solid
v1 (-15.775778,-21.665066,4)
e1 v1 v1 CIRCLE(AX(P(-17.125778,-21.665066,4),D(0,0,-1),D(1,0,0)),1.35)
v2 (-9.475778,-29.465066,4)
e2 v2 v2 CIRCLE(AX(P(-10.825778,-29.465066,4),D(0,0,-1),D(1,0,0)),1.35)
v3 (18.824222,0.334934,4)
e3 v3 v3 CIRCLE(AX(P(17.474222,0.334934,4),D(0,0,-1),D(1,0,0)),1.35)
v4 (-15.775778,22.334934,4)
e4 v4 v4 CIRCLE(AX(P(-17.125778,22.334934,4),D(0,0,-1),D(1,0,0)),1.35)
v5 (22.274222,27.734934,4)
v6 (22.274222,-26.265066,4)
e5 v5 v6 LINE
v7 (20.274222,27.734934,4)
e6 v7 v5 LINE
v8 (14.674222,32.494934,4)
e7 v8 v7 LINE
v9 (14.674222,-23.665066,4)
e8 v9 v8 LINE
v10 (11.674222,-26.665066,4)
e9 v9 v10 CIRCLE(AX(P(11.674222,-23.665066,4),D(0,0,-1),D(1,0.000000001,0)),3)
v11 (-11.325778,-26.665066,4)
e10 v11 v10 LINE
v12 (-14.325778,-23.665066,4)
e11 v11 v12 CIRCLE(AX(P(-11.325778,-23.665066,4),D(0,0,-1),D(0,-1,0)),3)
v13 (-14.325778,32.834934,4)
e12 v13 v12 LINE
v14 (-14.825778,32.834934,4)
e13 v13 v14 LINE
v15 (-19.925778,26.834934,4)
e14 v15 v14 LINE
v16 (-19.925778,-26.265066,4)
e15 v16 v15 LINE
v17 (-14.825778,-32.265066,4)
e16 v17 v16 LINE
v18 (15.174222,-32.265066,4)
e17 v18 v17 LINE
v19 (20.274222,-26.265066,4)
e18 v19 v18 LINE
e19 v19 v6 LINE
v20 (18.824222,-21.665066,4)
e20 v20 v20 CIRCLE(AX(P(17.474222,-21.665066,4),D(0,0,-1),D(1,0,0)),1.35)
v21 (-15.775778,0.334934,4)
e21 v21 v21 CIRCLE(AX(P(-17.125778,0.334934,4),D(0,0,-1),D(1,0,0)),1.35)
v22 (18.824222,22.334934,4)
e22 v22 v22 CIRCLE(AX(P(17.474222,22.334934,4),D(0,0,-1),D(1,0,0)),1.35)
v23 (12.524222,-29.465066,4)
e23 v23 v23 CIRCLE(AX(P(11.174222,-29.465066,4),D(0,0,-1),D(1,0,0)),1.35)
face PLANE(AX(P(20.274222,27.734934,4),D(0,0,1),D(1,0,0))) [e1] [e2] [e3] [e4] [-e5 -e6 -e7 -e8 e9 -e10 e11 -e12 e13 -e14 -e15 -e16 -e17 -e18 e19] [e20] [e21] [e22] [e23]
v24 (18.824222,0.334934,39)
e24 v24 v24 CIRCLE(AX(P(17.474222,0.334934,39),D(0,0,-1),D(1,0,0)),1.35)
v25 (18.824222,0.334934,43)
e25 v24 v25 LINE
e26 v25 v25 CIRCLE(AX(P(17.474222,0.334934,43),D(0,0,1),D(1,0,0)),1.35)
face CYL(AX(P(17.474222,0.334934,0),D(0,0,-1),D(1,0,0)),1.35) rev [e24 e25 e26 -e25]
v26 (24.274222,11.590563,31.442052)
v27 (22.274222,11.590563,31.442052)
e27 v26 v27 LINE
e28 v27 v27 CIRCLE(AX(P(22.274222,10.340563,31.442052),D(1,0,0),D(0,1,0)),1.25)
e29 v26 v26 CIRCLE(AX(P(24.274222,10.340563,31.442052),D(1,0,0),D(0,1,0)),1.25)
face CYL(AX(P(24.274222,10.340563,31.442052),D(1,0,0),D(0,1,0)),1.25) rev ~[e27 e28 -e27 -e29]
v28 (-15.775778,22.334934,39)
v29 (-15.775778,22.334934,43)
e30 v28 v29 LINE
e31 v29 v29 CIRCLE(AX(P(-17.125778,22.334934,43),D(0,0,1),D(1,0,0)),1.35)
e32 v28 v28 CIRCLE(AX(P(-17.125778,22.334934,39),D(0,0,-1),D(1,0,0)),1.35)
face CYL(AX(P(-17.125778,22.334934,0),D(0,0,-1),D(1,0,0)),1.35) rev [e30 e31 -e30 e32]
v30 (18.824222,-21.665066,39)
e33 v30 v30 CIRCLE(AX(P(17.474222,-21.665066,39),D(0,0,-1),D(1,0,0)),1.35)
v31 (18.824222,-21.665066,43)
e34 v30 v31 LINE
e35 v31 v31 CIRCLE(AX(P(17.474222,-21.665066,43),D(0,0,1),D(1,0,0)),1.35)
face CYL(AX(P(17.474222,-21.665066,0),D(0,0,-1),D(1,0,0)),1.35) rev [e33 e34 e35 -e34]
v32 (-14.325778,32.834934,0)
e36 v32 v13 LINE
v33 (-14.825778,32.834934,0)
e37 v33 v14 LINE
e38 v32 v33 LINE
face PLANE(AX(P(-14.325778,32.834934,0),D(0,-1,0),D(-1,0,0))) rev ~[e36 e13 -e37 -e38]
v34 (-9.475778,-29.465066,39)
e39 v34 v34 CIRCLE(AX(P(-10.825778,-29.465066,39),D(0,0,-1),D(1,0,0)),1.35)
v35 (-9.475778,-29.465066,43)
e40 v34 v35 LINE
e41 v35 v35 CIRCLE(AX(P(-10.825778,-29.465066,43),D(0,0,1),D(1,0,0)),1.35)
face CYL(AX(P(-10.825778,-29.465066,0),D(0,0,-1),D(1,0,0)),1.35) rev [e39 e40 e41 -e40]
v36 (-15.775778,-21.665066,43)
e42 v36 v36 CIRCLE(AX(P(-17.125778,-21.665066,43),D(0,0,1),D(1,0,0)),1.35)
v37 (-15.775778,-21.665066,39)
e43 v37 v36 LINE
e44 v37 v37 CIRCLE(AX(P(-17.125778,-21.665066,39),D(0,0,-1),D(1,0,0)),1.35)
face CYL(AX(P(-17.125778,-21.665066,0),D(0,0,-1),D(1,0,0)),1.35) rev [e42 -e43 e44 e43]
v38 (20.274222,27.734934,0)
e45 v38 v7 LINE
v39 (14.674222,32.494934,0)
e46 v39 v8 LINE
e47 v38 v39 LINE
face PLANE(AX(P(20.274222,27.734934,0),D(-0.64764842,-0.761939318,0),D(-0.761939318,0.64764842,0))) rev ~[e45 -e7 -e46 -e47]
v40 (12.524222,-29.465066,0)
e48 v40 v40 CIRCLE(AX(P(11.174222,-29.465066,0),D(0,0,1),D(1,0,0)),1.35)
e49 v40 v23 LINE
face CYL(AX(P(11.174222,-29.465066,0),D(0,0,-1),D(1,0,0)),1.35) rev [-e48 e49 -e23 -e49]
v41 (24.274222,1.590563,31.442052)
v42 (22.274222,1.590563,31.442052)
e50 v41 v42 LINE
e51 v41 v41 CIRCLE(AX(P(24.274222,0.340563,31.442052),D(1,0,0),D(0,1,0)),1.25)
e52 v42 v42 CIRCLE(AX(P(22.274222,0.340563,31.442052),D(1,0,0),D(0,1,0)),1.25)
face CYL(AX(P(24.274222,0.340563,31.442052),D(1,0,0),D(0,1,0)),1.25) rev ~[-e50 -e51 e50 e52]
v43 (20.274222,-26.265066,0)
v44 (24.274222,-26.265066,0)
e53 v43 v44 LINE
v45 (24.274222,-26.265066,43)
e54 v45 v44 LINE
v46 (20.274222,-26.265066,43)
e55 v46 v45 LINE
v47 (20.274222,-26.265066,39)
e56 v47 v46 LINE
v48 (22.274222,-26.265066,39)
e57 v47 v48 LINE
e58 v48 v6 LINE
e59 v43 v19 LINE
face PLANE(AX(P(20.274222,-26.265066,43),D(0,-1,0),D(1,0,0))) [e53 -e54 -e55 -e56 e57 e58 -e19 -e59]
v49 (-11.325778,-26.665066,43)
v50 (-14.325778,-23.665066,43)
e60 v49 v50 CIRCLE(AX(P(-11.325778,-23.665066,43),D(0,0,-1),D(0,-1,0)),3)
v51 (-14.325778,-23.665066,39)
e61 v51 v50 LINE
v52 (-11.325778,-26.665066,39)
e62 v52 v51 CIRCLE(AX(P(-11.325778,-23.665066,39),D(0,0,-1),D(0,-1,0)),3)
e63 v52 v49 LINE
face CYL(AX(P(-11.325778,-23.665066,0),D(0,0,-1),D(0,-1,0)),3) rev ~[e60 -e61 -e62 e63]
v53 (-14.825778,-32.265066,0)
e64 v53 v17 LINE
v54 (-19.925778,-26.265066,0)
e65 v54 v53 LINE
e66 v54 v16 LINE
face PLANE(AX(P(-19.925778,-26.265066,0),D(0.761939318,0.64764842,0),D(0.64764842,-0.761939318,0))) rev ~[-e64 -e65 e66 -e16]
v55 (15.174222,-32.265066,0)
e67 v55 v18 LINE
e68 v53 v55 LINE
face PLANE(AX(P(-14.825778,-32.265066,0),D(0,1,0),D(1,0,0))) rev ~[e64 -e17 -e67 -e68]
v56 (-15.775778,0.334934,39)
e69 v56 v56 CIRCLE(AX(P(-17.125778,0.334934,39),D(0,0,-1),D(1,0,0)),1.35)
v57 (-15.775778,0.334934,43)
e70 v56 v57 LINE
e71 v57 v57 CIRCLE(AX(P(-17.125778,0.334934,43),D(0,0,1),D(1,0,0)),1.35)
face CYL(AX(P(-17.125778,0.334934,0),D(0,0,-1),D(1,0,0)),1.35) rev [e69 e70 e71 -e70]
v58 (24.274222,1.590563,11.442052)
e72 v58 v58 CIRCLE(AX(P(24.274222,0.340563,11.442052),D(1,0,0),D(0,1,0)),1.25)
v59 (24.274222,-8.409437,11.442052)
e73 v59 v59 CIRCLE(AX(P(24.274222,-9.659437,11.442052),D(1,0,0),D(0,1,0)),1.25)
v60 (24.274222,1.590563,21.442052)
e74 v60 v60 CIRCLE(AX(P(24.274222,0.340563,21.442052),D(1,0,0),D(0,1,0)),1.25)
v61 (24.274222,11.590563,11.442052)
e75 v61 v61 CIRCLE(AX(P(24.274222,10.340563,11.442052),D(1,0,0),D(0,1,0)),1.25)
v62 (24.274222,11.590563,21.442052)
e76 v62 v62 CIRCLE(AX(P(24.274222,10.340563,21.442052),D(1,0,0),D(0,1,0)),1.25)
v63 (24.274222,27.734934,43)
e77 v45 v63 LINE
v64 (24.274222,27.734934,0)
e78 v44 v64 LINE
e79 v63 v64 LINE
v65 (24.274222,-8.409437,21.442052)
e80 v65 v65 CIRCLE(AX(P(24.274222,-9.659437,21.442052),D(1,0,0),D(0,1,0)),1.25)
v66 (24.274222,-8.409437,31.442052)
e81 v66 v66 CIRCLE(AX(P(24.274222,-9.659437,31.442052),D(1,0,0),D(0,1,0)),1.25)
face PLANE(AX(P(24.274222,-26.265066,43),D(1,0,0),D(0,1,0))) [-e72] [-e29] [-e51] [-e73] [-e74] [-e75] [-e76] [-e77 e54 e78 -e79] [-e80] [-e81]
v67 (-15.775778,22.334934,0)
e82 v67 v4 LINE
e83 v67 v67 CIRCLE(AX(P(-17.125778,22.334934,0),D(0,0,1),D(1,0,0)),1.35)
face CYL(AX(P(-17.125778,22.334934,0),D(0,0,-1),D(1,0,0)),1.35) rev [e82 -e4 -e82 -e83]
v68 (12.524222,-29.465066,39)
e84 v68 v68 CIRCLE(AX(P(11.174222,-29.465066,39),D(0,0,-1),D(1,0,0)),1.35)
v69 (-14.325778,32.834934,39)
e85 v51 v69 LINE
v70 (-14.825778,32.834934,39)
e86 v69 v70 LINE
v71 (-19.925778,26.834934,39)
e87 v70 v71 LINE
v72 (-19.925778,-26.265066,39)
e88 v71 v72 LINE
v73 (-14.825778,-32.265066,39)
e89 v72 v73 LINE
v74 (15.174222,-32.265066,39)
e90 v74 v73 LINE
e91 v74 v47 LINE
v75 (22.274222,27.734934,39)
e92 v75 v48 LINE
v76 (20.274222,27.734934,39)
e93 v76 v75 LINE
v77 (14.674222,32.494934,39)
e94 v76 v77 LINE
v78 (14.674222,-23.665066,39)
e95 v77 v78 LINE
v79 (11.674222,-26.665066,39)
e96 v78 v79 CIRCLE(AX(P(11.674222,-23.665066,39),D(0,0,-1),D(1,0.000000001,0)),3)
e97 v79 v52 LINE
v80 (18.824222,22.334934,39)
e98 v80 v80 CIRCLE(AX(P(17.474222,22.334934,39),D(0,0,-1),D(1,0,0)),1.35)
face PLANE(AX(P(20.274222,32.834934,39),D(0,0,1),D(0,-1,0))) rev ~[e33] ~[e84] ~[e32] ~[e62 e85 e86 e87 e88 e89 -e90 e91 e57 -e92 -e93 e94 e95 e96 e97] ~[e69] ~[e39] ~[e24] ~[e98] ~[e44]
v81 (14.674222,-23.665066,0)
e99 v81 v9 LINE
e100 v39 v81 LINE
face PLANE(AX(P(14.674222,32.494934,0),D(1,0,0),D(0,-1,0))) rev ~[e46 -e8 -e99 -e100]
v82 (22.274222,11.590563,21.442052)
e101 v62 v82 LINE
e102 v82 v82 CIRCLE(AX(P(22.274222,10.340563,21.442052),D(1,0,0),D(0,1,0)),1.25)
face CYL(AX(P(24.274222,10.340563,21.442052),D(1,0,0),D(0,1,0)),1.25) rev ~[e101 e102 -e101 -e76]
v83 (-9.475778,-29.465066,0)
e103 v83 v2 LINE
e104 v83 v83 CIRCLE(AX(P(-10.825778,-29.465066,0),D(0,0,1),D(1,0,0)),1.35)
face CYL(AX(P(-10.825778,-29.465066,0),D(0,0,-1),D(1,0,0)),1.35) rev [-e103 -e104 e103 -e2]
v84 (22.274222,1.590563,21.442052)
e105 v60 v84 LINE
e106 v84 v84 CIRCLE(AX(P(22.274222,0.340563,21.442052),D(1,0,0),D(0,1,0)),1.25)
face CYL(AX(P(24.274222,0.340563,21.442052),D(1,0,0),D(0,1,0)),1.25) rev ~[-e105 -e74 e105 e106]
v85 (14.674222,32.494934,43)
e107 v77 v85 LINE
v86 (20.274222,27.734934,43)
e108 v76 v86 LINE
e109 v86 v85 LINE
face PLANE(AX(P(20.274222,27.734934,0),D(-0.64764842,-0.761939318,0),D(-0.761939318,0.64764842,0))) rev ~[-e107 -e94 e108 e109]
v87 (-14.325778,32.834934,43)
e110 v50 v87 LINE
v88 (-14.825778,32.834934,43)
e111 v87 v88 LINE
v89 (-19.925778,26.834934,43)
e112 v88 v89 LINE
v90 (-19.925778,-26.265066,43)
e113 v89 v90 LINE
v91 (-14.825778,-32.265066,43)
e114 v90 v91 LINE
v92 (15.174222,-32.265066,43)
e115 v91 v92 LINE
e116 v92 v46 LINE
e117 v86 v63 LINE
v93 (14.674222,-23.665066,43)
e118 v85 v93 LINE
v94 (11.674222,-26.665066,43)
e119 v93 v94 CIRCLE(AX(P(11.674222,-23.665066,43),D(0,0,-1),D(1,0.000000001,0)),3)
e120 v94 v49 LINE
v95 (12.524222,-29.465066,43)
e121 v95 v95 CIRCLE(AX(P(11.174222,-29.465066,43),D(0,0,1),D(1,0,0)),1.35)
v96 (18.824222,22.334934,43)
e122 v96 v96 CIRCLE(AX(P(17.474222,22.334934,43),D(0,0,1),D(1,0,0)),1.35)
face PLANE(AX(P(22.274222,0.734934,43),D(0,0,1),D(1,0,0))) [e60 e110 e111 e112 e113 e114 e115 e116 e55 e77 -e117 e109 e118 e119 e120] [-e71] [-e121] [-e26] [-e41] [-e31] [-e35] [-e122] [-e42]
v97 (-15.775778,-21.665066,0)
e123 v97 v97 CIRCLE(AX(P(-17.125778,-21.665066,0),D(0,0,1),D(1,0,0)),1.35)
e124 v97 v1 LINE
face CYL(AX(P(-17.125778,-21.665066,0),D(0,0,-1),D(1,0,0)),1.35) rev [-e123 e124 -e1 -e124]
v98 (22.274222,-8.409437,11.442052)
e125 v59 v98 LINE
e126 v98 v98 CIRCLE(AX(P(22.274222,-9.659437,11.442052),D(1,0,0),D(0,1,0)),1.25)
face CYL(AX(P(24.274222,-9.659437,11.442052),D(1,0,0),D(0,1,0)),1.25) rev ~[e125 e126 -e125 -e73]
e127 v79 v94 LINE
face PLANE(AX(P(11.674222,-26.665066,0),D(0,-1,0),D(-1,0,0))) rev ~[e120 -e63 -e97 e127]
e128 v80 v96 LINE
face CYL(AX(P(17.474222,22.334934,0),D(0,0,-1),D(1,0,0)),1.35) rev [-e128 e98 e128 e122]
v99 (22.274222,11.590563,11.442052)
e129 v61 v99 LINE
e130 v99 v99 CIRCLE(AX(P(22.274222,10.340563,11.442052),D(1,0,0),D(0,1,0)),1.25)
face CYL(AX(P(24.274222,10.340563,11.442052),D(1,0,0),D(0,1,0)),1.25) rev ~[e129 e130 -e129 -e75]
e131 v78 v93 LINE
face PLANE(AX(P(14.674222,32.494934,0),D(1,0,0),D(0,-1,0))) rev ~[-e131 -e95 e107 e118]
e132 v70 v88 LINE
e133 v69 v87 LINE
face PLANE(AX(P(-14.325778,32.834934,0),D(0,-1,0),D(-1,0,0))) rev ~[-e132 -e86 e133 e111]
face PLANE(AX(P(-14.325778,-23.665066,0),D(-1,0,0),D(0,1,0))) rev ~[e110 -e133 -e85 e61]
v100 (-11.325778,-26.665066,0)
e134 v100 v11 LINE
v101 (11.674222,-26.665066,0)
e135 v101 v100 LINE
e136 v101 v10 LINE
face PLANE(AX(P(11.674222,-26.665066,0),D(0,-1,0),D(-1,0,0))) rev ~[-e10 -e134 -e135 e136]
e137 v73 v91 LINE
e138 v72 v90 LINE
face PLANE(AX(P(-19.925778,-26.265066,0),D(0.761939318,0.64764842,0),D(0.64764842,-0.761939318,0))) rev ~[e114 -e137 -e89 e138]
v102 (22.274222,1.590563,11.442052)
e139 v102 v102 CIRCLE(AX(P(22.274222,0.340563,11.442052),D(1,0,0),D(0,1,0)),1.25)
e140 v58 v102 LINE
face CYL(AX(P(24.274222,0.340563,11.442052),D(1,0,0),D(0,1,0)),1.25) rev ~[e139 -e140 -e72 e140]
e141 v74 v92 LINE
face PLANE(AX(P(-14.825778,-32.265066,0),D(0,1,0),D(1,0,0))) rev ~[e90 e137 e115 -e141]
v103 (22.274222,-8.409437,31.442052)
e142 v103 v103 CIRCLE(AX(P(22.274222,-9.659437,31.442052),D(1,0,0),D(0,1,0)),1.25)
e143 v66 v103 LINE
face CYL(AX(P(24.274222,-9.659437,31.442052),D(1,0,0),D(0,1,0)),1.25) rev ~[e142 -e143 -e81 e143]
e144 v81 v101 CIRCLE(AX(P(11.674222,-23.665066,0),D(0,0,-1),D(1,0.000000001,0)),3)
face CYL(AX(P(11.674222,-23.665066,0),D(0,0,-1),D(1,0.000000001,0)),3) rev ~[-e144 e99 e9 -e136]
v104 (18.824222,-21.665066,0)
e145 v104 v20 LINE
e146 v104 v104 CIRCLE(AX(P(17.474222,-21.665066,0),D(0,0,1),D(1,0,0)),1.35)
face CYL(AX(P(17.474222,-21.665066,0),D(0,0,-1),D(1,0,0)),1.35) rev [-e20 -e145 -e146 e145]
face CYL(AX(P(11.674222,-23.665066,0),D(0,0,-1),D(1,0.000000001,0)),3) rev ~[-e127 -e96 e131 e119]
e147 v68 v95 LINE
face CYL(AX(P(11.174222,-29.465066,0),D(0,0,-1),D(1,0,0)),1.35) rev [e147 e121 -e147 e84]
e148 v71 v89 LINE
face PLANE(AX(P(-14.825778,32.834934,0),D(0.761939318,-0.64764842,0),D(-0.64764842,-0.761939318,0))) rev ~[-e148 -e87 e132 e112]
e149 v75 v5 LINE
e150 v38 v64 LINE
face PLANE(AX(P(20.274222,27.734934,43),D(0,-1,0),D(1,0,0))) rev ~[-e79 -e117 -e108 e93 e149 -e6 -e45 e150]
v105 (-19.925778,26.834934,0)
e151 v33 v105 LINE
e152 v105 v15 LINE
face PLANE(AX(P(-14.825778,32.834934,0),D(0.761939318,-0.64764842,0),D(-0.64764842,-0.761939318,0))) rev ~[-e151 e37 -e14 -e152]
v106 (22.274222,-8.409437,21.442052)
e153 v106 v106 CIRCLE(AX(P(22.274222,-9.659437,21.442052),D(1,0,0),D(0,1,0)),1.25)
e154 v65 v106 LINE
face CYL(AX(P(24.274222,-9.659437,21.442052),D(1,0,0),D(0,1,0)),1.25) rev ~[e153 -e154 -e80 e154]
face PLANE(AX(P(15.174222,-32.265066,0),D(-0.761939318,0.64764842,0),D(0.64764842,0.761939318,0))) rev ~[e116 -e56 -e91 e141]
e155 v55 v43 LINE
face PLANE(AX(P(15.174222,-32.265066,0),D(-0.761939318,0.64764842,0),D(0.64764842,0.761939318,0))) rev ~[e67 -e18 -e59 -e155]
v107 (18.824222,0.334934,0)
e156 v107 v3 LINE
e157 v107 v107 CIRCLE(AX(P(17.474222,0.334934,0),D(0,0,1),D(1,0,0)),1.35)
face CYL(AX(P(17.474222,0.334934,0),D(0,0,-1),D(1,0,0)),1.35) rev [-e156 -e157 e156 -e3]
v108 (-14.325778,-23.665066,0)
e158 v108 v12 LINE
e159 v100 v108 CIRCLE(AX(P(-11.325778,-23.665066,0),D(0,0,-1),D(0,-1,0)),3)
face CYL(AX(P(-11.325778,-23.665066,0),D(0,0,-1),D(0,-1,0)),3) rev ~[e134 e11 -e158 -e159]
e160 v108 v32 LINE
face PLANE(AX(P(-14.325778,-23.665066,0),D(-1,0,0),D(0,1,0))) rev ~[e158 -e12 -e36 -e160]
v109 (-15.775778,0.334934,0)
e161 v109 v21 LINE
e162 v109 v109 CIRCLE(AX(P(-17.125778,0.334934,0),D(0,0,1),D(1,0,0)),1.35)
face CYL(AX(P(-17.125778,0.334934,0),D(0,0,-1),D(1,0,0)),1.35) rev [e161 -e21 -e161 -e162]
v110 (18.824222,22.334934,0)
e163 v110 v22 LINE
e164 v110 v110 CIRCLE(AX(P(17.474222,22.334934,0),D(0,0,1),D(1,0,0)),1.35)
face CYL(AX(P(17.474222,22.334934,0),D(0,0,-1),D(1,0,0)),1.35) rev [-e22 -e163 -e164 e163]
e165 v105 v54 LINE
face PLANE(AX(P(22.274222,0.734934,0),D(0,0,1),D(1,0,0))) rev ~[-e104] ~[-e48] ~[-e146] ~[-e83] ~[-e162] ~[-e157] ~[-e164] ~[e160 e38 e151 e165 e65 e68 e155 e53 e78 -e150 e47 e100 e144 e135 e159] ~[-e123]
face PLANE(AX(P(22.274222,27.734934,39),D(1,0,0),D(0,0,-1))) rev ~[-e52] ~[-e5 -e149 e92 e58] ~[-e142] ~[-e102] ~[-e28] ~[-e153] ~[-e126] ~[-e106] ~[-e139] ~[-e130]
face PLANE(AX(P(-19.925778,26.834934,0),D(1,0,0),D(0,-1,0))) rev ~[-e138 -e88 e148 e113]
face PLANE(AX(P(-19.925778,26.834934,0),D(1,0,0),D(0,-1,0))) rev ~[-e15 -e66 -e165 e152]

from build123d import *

# Parameters (mm, degrees)
SKETCH_2_R          = 1.35
EXTRUDE_2_DEPTH     = 43
CUT_EXTRUDE_3_DEPTH = 43
SKETCH_6_W          = 4
SKETCH_6_H          = 54
EXTRUDE_3_DEPTH     = 43
SKETCH_7_W          = 2
SKETCH_7_H          = 35
CUT_EXTRUDE_5_DEPTH = 54
SKETCH_8_R          = 1.25
CUT_EXTRUDE_6_DEPTH = 54


with BuildPart() as part:
    # 스케치2 → 보스-돌출2 (new body)
    with BuildSketch(Plane.XY):
        with BuildLine():
            Line((-19.925778092, 26.834933958), (-19.925778092, -26.265066042))
            Line((-19.925778092, -26.265066042), (-14.825778092, -32.265066042))
            Line((-14.825778092, -32.265066042), (15.174221908, -32.265066042))
            Line((15.174221908, -32.265066042), (20.274221908, -26.265066042))
            Line((20.274221908, -26.265066042), (20.274221908, 27.734933958))
            Line((20.274221908, 27.734933958), (14.674221908, 32.494933958))
            Line((14.674221908, 32.494933958), (14.674221908, 29.834933958))
            Line((14.674221908, 29.834933958), (14.674221908, -23.665066042))
            ThreePointArc((14.674221908, -23.665066042), (13.795542252, -25.786386386), (11.674221908, -26.665066042))
            Line((11.674221908, -26.665066042), (-11.325778092, -26.665066042))
            ThreePointArc((-11.325778092, -26.665066042), (-13.447098435, -25.786386386), (-14.325778092, -23.665066042))
            Line((-14.325778092, -23.665066042), (-14.325778092, 29.834933958))
            Line((-14.325778092, 29.834933958), (-14.325778092, 32.834933958))
            Line((-14.325778092, 32.834933958), (-14.825778092, 32.834933958))
            Line((-14.825778092, 32.834933958), (-19.925778092, 26.834933958))
        make_face()
        with Locations((17.474221908, -21.665066042)):
            Circle(SKETCH_2_R, mode=Mode.SUBTRACT)
        with Locations((-17.125778092, 22.334933958)):
            Circle(SKETCH_2_R, mode=Mode.SUBTRACT)
        with Locations((-17.125778092, 0.334933958)):
            Circle(SKETCH_2_R, mode=Mode.SUBTRACT)
        with Locations((-17.125778092, -21.665066042)):
            Circle(SKETCH_2_R, mode=Mode.SUBTRACT)
        with Locations((-10.825778092, -29.465066042)):
            Circle(SKETCH_2_R, mode=Mode.SUBTRACT)
        with Locations((11.174221908, -29.465066042)):
            Circle(SKETCH_2_R, mode=Mode.SUBTRACT)
        with Locations((17.474221908, 0.334933958)):
            Circle(SKETCH_2_R, mode=Mode.SUBTRACT)
        with Locations((17.474221908, 22.334933958)):
            Circle(SKETCH_2_R, mode=Mode.SUBTRACT)
    extrude(amount=EXTRUDE_2_DEPTH)

    # 스케치5 → 컷-돌출3 (cut)
    with BuildSketch(Plane(origin=(20.274221908, 0, 0), x_dir=(0, 0, -1), z_dir=(1, 0, 0))):
        Polygon((-39, 32.834933958), (-39, -26.265066042), (-39, -32.265066042), (-4, -32.265066042), (-4, -26.265066042), (-4, 32.834933958), align=None)
    extrude(amount=-CUT_EXTRUDE_3_DEPTH, mode=Mode.SUBTRACT)


with BuildPart() as cut_extrude_3_piece_1:
    # of the separate pieces the step leaves, piece 1, a body of its own (cut_extrude_3_pieces)
    add(part.part.solids().sort_by_distance((-19.925778092, 26.834933958, 39))[0])



with BuildPart() as cut_extrude_3_piece_2:
    # of the separate pieces the step leaves, piece 2, a body of its own (cut_extrude_3_pieces)
    add(part.part.solids().sort_by_distance((-19.925778092, 26.834933958, 0))[0])


with BuildPart() as cut_extrude_3_piece_1_1:
    add(cut_extrude_3_piece_1.part)

    add(cut_extrude_3_piece_2.part)  # 보스-돌출3 merges 컷-돌출3 piece 2
    # 스케치6 → 보스-돌출3 (add)
    with BuildSketch(Plane.XY.offset(43)):
        with Locations((22.274221908, 0.734933958)):
            Rectangle(SKETCH_6_W, SKETCH_6_H)
    extrude(amount=-EXTRUDE_3_DEPTH)

    # 스케치7 → 컷-돌출5 (cut)
    with BuildSketch(Plane(origin=(0, 27.734933958, 0), x_dir=(1, 0, 0), z_dir=(0, 1, 0))):
        with Locations((21.274221908, -21.5)):
            Rectangle(SKETCH_7_W, SKETCH_7_H)
    extrude(amount=-CUT_EXTRUDE_5_DEPTH, mode=Mode.SUBTRACT)

    # 스케치8 → 컷-돌출6 (cut)
    with BuildSketch(Plane(origin=(24.274221908, 0, 0), x_dir=(0, 0, -1), z_dir=(1, 0, 0))):
        with Locations(Location((-21.442052439, 0.340563404, 0), (0, 0, 90))):
            Circle(SKETCH_8_R)
        with Locations(Location((-31.442052439, 10.340563404, 0), (0, 0, 90))):
            Circle(SKETCH_8_R)
        with Locations(Location((-11.442052439, 0.340563404, 0), (0, 0, 90))):
            Circle(SKETCH_8_R)
        with Locations(Location((-21.442052439, 10.340563404, 0), (0, 0, 90))):
            Circle(SKETCH_8_R)
        with Locations(Location((-31.442052439, 0.340563404, 0), (0, 0, 90))):
            Circle(SKETCH_8_R)
        with Locations(Location((-11.442052439, 10.340563404, 0), (0, 0, 90))):
            Circle(SKETCH_8_R)
        with Locations(Location((-31.442052439, -9.659436596, 0), (0, 0, 90))):
            Circle(SKETCH_8_R)
        with Locations(Location((-21.442052439, -9.659436596, 0), (0, 0, 90))):
            Circle(SKETCH_8_R)
        with Locations(Location((-11.442052439, -9.659436596, 0), (0, 0, 90))):
            Circle(SKETCH_8_R)
    extrude(amount=-CUT_EXTRUDE_6_DEPTH, mode=Mode.SUBTRACT)


solid = cut_extrude_3_piece_1_1.part
